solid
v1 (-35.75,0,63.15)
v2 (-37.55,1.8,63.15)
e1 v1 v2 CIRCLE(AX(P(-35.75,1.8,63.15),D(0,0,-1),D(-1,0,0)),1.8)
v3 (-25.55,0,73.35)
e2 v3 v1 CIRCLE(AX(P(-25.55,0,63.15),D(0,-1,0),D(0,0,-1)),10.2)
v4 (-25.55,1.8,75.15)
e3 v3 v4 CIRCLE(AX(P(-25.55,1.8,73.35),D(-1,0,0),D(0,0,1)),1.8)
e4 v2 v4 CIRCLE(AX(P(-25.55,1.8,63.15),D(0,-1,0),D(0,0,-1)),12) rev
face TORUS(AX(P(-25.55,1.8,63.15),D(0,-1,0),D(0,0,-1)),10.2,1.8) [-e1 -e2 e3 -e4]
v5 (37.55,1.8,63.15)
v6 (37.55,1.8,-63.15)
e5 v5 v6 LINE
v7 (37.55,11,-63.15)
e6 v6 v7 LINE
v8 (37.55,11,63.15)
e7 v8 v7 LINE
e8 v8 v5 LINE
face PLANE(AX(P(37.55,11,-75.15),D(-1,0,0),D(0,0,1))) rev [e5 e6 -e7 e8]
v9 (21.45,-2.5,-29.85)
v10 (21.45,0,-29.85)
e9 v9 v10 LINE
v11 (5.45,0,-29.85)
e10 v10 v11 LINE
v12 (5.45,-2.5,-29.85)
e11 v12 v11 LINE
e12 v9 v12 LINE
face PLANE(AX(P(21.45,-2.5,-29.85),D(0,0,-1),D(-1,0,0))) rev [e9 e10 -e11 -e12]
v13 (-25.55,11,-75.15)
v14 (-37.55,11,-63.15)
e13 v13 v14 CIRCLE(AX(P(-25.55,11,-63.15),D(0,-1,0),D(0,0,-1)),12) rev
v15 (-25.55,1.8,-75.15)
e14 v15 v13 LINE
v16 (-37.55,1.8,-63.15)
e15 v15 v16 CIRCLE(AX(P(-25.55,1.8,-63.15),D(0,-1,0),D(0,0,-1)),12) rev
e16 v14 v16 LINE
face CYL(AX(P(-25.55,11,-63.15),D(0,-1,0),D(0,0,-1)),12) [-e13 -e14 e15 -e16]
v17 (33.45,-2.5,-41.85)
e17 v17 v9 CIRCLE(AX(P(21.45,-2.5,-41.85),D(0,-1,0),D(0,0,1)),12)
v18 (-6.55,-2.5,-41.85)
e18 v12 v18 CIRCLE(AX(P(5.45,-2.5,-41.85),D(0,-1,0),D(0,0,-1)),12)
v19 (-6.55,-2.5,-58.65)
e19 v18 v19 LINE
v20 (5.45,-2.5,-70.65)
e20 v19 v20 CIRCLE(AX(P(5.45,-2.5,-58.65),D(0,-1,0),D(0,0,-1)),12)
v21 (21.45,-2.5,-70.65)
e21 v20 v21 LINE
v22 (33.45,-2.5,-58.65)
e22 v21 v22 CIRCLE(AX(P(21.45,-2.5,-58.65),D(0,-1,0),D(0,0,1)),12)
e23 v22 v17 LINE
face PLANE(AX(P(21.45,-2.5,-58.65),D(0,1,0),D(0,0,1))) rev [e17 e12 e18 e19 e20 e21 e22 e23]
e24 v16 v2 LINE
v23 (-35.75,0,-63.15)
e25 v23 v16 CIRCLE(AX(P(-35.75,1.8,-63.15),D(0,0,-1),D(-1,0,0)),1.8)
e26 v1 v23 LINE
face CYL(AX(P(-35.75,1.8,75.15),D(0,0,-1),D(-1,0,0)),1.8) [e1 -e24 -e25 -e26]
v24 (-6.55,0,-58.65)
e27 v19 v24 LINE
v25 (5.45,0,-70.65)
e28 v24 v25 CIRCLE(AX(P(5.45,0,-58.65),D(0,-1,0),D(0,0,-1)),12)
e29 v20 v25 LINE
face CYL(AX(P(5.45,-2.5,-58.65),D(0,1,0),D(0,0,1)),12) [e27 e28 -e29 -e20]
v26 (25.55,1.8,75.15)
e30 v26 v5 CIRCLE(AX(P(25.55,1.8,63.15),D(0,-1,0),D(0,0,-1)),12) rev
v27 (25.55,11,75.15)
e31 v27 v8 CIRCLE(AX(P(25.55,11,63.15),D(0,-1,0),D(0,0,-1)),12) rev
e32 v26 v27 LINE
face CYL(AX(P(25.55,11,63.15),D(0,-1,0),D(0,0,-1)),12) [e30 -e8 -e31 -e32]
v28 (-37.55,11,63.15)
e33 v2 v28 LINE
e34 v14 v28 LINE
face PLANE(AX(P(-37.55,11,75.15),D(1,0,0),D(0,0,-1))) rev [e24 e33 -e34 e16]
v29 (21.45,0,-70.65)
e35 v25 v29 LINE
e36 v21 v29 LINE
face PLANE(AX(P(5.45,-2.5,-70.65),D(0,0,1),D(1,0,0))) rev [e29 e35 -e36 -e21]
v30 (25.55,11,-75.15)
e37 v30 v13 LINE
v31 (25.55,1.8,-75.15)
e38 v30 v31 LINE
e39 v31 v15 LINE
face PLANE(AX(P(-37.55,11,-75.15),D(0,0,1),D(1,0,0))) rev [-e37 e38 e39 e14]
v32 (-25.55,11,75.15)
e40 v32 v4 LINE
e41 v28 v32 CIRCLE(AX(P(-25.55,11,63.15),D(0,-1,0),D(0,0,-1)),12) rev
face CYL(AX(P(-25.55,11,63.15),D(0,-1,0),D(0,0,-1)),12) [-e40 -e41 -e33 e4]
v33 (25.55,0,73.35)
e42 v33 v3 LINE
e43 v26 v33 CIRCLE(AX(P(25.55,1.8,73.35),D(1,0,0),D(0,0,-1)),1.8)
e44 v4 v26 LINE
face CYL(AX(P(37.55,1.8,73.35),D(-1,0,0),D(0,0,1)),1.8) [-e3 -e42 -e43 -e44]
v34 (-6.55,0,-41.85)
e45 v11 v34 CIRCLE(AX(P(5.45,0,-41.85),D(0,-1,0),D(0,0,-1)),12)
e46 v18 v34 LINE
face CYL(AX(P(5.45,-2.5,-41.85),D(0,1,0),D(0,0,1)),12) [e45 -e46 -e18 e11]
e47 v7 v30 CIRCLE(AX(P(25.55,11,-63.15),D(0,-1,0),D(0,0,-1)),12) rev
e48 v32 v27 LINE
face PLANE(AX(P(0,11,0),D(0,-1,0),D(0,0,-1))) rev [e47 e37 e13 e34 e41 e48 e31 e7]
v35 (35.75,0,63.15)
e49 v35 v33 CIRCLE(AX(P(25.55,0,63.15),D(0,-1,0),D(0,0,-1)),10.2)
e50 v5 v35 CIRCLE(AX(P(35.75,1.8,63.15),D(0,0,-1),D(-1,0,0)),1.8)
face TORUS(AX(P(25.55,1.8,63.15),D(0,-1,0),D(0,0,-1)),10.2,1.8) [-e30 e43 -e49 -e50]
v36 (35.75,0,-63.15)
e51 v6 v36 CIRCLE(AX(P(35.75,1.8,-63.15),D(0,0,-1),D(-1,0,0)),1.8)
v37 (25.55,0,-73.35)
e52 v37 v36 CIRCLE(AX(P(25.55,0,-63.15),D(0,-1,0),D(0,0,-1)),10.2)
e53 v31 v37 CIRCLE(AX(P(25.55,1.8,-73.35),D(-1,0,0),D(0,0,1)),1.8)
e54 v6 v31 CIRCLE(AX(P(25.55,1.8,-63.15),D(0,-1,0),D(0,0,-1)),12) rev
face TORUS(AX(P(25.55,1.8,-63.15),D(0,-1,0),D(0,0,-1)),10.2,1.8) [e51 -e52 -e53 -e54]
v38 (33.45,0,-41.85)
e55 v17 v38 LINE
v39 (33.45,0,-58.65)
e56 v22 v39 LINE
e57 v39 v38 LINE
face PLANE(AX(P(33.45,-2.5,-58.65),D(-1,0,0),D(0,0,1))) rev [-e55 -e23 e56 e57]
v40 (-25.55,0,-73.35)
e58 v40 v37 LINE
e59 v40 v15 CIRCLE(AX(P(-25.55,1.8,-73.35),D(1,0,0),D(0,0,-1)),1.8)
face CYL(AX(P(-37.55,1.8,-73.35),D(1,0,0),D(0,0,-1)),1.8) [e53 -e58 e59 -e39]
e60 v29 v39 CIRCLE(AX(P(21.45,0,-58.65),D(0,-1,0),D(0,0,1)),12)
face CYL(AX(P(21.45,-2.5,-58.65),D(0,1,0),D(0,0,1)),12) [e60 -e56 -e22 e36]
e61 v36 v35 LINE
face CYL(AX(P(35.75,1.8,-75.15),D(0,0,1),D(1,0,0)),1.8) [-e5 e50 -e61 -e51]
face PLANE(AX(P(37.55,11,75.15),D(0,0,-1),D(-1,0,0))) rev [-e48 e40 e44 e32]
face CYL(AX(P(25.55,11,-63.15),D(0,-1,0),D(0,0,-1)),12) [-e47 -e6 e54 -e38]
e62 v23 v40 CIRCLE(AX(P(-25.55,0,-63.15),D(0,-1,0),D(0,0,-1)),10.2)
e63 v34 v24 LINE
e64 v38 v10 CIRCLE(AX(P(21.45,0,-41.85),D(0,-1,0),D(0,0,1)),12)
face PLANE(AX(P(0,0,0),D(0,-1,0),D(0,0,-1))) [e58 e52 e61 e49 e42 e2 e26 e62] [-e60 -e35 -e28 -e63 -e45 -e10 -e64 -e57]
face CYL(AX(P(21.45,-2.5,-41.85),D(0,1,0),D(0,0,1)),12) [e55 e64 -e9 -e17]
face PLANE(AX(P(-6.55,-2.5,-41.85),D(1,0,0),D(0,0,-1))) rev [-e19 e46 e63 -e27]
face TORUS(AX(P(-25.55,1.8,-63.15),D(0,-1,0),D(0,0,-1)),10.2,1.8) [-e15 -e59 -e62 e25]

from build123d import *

# Parameters (mm, degrees)
SKETCH_1_W      = 75.1
SKETCH_1_H      = 150.3
EXTRUDE_1_DEPTH = 11
FILLET_1_R      = 12
FILLET_2_R      = 1.8
EXTRUDE_2_DEPTH = 2.5


with BuildPart() as part:
    # 草图1 → 凸台-拉伸1 (new body)
    with BuildSketch(Plane(origin=(0, 0, 0), x_dir=(1, 0, 0), z_dir=(0, 1, 0))):
        Rectangle(SKETCH_1_W, SKETCH_1_H)
    extrude(amount=EXTRUDE_1_DEPTH)

    # 圆角1
    fillet_1_edges = [part.edges().sort_by_distance(p)[0] for p in [
        (37.55, 5.5, 75.15),
        (-37.55, 5.5, 75.15),
        (-37.55, 5.5, -75.15),
        (37.55, 5.5, -75.15),
    ]]
    fillet(fillet_1_edges, radius=FILLET_1_R)

    # 圆角2
    fillet_2_edges = [part.edges().sort_by_distance(p)[0] for p in [
        (0, 0, -75.15),
        (37.55, 0, 0),
        (0, 0, 75.15),
        (-37.55, 0, 0),
        (-34.035281374, 0, -71.635281374),
        (-34.035281374, 0, 71.635281374),
        (34.035281374, 0, 71.635281374),
        (34.035281374, 0, -71.635281374),
    ]]
    fillet(fillet_2_edges, radius=FILLET_2_R)

    # 草图2 → 凸台-拉伸2 (add)
    with BuildSketch(Plane.XZ):
        with BuildLine():
            Line((21.45, -29.85), (5.45, -29.85))
            ThreePointArc((5.45, -29.85), (-3.035281374, -33.364718626), (-6.55, -41.85))
            Line((-6.55, -41.85), (-6.55, -58.65))
            ThreePointArc((-6.55, -58.65), (-3.035281374, -67.135281374), (5.45, -70.65))
            Line((5.45, -70.65), (21.45, -70.65))
            ThreePointArc((21.45, -70.65), (29.935281374, -67.135281374), (33.45, -58.65))
            Line((33.45, -58.65), (33.45, -41.85))
            ThreePointArc((33.45, -41.85), (29.935281374, -33.364718626), (21.45, -29.85))
        make_face()
    extrude(amount=EXTRUDE_2_DEPTH)


solid = part.part
